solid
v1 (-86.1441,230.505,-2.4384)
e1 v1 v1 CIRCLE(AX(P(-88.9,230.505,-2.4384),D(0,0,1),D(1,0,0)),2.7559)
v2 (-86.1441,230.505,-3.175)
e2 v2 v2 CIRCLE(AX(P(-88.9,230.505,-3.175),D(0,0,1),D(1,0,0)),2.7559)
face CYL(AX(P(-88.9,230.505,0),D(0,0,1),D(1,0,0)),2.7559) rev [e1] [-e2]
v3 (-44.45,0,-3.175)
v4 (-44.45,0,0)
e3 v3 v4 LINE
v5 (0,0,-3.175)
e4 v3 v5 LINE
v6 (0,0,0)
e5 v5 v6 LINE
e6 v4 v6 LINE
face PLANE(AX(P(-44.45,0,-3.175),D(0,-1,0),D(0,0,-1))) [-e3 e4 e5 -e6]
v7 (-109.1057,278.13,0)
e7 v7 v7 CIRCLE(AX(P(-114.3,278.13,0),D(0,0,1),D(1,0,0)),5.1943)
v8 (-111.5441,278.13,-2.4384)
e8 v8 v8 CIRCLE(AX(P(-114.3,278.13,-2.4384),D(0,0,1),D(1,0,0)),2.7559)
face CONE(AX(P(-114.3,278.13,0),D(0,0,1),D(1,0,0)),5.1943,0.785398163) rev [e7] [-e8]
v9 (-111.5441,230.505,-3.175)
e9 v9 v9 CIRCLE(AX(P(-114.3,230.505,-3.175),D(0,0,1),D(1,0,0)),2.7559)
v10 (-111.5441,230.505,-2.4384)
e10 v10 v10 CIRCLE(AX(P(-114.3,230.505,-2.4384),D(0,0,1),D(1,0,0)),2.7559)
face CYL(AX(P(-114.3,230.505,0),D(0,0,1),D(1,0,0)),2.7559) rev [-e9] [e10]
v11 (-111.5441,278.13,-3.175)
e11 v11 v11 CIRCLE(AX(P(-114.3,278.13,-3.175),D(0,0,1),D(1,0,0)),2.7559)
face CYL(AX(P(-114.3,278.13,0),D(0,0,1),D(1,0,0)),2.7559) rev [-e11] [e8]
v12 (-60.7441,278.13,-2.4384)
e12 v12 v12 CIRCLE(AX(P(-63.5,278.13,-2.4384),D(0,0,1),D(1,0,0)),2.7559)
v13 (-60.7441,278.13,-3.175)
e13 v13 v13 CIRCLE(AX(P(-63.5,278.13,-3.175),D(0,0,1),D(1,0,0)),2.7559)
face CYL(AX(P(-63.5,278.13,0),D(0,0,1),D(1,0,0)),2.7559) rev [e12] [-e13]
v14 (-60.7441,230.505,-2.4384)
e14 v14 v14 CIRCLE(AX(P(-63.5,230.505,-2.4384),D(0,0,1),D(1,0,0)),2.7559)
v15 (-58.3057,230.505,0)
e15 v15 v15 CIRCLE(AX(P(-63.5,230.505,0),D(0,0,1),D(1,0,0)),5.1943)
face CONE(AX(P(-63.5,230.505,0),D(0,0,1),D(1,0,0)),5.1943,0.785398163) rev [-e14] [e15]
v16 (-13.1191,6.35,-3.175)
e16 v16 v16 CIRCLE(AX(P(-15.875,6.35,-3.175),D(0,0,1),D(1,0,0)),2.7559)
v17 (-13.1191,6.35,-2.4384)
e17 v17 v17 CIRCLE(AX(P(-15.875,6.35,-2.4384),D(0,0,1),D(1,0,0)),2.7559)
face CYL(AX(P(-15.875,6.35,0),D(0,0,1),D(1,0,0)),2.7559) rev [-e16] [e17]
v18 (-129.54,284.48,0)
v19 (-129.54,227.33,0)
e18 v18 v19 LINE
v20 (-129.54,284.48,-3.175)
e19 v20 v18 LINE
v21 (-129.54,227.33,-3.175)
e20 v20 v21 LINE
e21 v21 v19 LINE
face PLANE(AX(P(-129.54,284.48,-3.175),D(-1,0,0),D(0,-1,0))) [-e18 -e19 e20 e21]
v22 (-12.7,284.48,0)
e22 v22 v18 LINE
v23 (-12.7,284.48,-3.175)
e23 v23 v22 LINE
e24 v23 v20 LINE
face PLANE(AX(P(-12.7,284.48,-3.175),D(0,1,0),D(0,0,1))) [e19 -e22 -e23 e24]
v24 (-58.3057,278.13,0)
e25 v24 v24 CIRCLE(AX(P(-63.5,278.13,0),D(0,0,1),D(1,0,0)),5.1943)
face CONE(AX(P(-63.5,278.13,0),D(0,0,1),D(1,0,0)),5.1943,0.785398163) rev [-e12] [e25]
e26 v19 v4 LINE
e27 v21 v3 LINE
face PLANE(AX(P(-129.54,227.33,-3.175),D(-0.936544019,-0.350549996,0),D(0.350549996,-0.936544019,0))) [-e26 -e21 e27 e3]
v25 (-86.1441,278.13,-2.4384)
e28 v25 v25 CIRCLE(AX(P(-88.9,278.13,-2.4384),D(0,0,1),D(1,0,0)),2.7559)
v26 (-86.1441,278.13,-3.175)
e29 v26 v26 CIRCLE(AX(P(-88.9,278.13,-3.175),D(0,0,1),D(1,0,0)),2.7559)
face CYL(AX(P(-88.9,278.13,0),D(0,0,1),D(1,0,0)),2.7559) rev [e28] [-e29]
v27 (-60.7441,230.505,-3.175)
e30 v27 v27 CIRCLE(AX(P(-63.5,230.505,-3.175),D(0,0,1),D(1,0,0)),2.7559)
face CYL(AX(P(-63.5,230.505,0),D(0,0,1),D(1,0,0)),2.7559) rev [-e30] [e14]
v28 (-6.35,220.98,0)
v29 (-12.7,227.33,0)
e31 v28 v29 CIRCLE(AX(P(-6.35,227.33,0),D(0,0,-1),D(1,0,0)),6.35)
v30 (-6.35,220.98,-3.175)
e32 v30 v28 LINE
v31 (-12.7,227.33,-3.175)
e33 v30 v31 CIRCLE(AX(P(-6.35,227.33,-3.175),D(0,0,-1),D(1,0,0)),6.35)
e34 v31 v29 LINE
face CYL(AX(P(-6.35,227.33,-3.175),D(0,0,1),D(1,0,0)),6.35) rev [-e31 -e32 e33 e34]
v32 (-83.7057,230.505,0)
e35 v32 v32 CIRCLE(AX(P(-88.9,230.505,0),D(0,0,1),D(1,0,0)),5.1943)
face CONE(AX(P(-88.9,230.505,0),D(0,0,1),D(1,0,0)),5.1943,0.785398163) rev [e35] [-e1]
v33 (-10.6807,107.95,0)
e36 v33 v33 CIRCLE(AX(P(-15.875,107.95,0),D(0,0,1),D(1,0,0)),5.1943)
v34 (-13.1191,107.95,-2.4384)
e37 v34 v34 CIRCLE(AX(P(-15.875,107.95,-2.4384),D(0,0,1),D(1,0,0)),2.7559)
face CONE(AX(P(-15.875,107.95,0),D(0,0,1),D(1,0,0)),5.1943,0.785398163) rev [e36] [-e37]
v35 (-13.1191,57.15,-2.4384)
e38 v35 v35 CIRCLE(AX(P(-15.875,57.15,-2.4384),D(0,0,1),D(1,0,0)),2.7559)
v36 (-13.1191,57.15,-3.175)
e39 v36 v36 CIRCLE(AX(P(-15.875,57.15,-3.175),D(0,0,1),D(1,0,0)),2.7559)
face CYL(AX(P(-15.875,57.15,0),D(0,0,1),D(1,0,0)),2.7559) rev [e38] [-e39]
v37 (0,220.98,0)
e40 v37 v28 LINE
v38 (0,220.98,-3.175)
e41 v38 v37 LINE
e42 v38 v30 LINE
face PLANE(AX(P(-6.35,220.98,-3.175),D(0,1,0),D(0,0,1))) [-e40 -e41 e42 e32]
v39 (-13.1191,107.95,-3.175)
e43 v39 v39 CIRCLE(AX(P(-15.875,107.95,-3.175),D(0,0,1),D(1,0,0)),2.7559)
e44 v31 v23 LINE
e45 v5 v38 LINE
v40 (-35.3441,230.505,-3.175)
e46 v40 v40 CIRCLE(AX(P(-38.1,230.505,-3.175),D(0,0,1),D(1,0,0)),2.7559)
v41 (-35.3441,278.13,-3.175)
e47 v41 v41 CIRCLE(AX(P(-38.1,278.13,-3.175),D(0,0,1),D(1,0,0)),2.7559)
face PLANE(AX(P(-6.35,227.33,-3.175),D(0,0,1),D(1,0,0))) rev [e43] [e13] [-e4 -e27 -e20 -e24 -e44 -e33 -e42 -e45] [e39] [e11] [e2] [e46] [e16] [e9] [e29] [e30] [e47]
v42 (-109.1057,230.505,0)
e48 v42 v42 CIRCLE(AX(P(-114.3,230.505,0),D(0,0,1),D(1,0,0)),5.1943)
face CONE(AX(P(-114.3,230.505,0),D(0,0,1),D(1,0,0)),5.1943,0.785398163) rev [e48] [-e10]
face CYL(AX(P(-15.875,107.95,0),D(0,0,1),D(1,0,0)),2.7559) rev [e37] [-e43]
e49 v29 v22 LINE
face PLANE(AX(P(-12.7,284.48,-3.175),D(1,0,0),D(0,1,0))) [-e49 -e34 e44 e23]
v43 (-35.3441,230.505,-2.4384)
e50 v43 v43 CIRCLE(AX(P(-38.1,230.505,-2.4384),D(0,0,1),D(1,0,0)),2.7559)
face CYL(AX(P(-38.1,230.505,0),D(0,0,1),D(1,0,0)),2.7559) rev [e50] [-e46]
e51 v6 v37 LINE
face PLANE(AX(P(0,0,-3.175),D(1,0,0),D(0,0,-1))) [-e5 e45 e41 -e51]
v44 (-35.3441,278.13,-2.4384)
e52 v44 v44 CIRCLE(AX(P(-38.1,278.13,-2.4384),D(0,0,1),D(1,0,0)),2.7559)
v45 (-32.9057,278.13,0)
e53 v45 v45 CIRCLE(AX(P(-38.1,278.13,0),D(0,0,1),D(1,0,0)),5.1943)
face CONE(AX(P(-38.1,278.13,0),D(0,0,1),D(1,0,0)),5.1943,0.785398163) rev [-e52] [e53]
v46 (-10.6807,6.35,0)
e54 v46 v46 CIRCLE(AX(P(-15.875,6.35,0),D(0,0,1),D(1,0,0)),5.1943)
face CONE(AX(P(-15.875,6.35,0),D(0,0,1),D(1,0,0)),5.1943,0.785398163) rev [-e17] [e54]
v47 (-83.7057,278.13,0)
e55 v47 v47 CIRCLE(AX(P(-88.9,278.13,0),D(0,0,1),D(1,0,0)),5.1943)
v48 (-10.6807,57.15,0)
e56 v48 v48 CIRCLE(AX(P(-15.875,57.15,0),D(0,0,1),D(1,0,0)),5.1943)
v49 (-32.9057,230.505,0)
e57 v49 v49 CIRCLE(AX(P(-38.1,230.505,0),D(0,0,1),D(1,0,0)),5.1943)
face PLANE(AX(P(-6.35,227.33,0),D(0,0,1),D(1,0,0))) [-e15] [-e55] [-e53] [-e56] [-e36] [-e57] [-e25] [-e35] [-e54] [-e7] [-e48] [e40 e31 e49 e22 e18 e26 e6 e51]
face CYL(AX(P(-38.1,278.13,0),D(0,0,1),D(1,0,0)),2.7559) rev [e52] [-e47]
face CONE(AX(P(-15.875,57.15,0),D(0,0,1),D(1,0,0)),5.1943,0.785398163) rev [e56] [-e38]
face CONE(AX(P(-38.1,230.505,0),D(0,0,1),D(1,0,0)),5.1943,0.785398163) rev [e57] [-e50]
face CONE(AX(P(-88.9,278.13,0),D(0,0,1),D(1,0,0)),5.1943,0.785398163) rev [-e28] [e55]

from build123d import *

# Parameters (mm, degrees)
BOSS_EXTRUDE1_DEPTH                       = 3.175
CSK_FOR_0_FLAT_HEAD_MACHINE_SCREW_2_COUNT = 2
CSK_FOR_0_FLAT_HEAD_MACHINE_SCREW_2_PITCH = 47.625
LPATTERN1_COUNT                           = 4
LPATTERN1_PITCH                           = 25.4
LPATTERN2_COUNT                           = 3
LPATTERN2_PITCH                           = 50.8


with BuildPart() as part:
    # Sketch1 → Boss-Extrude1 (new body)
    with BuildSketch(Plane.XY):
        with BuildLine():
            Line((0, 0), (0, 220.98))
            Line((0, 220.98), (-6.35, 220.98))
            ThreePointArc((-6.35, 220.98), (-10.840128061, 222.839871939), (-12.7, 227.33))
            Line((-12.7, 227.33), (-12.7, 284.48))
            Line((-12.7, 284.48), (-129.54, 284.48))
            Line((-129.54, 284.48), (-129.54, 227.33))
            Line((-129.54, 227.33), (-44.45, 0))
            Line((-44.45, 0), (0, 0))
        make_face()
    extrude(amount=-BOSS_EXTRUDE1_DEPTH)

    # Sketch3 → CSK for _0 Flat Head Machine Screw _100 (revolve, cut)
    with BuildSketch(Plane(origin=(-114.3, 278.13, 0), x_dir=(0, -1, 0), z_dir=(1, 0, 0))):
        Polygon((0, 0), (0, 3.175), (2.7559, 3.175), (2.7559, 2.4384), (5.1943, 0), align=None)
    csk_for_0_flat_head_machine_screw_100 = revolve(axis=Axis((-114.3, 278.13, 6.35), (0, 0, -1)), mode=Mode.SUBTRACT)

    # CSK for _0 Flat Head Machine Screw _ 2: CSK for _0 Flat Head Machine Screw _100 ×2
    with Locations(*[(0, -i * CSK_FOR_0_FLAT_HEAD_MACHINE_SCREW_2_PITCH, 0) for i in range(1, CSK_FOR_0_FLAT_HEAD_MACHINE_SCREW_2_COUNT)]):
        add(csk_for_0_flat_head_machine_screw_100, mode=Mode.SUBTRACT)

    # LPattern1: CSK for _0 Flat Head Machine Screw _100 ×4
    with Locations(*[(i * LPATTERN1_PITCH, 0, 0) for i in range(1, LPATTERN1_COUNT)]):
        add(csk_for_0_flat_head_machine_screw_100, mode=Mode.SUBTRACT)

    # LPattern1 copy 1 sketch → LPattern1 copy 1 (revolve, cut)
    with BuildSketch(Plane(origin=(-88.9, 230.505, 0), x_dir=(0, -1, 0), z_dir=(1, 0, 0))):
        Polygon((0, 0), (0, 3.175), (2.7559, 3.175), (2.7559, 2.4384), (5.1943, 0), align=None)
    revolve(axis=Axis((-88.9, 230.505, 6.35), (0, 0, -1)), mode=Mode.SUBTRACT)

    # LPattern1 copy 2 sketch → LPattern1 copy 2 (revolve, cut)
    with BuildSketch(Plane(origin=(-63.5, 230.505, 0), x_dir=(0, -1, 0), z_dir=(1, 0, 0))):
        Polygon((0, 0), (0, 3.175), (2.7559, 3.175), (2.7559, 2.4384), (5.1943, 0), align=None)
    revolve(axis=Axis((-63.5, 230.505, 6.35), (0, 0, -1)), mode=Mode.SUBTRACT)

    # LPattern1 copy 3 sketch → LPattern1 copy 3 (revolve, cut)
    with BuildSketch(Plane(origin=(-38.1, 230.505, 0), x_dir=(0, -1, 0), z_dir=(1, 0, 0))):
        Polygon((0, 0), (0, 3.175), (2.7559, 3.175), (2.7559, 2.4384), (5.1943, 0), align=None)
    revolve(axis=Axis((-38.1, 230.505, 6.35), (0, 0, -1)), mode=Mode.SUBTRACT)

    # Sketch4 → CSK for _0 Flat Head Machine Screw _ 3 (revolve, cut)
    with BuildSketch(Plane(origin=(-15.875, 107.95, 0), x_dir=(0, -1, 0), z_dir=(1, 0, 0))):
        Polygon((0, 0), (0, 3.175), (2.7559, 3.175), (2.7559, 2.4384), (5.1943, 0), align=None)
    csk_for_0_flat_head_machine_screw_3 = revolve(axis=Axis((-15.875, 107.95, 6.35), (0, 0, -1)), mode=Mode.SUBTRACT)

    # LPattern2: CSK for _0 Flat Head Machine Screw _ 3 ×3
    with Locations(*[(0, -i * LPATTERN2_PITCH, 0) for i in range(1, LPATTERN2_COUNT)]):
        add(csk_for_0_flat_head_machine_screw_3, mode=Mode.SUBTRACT)


solid = part.part
